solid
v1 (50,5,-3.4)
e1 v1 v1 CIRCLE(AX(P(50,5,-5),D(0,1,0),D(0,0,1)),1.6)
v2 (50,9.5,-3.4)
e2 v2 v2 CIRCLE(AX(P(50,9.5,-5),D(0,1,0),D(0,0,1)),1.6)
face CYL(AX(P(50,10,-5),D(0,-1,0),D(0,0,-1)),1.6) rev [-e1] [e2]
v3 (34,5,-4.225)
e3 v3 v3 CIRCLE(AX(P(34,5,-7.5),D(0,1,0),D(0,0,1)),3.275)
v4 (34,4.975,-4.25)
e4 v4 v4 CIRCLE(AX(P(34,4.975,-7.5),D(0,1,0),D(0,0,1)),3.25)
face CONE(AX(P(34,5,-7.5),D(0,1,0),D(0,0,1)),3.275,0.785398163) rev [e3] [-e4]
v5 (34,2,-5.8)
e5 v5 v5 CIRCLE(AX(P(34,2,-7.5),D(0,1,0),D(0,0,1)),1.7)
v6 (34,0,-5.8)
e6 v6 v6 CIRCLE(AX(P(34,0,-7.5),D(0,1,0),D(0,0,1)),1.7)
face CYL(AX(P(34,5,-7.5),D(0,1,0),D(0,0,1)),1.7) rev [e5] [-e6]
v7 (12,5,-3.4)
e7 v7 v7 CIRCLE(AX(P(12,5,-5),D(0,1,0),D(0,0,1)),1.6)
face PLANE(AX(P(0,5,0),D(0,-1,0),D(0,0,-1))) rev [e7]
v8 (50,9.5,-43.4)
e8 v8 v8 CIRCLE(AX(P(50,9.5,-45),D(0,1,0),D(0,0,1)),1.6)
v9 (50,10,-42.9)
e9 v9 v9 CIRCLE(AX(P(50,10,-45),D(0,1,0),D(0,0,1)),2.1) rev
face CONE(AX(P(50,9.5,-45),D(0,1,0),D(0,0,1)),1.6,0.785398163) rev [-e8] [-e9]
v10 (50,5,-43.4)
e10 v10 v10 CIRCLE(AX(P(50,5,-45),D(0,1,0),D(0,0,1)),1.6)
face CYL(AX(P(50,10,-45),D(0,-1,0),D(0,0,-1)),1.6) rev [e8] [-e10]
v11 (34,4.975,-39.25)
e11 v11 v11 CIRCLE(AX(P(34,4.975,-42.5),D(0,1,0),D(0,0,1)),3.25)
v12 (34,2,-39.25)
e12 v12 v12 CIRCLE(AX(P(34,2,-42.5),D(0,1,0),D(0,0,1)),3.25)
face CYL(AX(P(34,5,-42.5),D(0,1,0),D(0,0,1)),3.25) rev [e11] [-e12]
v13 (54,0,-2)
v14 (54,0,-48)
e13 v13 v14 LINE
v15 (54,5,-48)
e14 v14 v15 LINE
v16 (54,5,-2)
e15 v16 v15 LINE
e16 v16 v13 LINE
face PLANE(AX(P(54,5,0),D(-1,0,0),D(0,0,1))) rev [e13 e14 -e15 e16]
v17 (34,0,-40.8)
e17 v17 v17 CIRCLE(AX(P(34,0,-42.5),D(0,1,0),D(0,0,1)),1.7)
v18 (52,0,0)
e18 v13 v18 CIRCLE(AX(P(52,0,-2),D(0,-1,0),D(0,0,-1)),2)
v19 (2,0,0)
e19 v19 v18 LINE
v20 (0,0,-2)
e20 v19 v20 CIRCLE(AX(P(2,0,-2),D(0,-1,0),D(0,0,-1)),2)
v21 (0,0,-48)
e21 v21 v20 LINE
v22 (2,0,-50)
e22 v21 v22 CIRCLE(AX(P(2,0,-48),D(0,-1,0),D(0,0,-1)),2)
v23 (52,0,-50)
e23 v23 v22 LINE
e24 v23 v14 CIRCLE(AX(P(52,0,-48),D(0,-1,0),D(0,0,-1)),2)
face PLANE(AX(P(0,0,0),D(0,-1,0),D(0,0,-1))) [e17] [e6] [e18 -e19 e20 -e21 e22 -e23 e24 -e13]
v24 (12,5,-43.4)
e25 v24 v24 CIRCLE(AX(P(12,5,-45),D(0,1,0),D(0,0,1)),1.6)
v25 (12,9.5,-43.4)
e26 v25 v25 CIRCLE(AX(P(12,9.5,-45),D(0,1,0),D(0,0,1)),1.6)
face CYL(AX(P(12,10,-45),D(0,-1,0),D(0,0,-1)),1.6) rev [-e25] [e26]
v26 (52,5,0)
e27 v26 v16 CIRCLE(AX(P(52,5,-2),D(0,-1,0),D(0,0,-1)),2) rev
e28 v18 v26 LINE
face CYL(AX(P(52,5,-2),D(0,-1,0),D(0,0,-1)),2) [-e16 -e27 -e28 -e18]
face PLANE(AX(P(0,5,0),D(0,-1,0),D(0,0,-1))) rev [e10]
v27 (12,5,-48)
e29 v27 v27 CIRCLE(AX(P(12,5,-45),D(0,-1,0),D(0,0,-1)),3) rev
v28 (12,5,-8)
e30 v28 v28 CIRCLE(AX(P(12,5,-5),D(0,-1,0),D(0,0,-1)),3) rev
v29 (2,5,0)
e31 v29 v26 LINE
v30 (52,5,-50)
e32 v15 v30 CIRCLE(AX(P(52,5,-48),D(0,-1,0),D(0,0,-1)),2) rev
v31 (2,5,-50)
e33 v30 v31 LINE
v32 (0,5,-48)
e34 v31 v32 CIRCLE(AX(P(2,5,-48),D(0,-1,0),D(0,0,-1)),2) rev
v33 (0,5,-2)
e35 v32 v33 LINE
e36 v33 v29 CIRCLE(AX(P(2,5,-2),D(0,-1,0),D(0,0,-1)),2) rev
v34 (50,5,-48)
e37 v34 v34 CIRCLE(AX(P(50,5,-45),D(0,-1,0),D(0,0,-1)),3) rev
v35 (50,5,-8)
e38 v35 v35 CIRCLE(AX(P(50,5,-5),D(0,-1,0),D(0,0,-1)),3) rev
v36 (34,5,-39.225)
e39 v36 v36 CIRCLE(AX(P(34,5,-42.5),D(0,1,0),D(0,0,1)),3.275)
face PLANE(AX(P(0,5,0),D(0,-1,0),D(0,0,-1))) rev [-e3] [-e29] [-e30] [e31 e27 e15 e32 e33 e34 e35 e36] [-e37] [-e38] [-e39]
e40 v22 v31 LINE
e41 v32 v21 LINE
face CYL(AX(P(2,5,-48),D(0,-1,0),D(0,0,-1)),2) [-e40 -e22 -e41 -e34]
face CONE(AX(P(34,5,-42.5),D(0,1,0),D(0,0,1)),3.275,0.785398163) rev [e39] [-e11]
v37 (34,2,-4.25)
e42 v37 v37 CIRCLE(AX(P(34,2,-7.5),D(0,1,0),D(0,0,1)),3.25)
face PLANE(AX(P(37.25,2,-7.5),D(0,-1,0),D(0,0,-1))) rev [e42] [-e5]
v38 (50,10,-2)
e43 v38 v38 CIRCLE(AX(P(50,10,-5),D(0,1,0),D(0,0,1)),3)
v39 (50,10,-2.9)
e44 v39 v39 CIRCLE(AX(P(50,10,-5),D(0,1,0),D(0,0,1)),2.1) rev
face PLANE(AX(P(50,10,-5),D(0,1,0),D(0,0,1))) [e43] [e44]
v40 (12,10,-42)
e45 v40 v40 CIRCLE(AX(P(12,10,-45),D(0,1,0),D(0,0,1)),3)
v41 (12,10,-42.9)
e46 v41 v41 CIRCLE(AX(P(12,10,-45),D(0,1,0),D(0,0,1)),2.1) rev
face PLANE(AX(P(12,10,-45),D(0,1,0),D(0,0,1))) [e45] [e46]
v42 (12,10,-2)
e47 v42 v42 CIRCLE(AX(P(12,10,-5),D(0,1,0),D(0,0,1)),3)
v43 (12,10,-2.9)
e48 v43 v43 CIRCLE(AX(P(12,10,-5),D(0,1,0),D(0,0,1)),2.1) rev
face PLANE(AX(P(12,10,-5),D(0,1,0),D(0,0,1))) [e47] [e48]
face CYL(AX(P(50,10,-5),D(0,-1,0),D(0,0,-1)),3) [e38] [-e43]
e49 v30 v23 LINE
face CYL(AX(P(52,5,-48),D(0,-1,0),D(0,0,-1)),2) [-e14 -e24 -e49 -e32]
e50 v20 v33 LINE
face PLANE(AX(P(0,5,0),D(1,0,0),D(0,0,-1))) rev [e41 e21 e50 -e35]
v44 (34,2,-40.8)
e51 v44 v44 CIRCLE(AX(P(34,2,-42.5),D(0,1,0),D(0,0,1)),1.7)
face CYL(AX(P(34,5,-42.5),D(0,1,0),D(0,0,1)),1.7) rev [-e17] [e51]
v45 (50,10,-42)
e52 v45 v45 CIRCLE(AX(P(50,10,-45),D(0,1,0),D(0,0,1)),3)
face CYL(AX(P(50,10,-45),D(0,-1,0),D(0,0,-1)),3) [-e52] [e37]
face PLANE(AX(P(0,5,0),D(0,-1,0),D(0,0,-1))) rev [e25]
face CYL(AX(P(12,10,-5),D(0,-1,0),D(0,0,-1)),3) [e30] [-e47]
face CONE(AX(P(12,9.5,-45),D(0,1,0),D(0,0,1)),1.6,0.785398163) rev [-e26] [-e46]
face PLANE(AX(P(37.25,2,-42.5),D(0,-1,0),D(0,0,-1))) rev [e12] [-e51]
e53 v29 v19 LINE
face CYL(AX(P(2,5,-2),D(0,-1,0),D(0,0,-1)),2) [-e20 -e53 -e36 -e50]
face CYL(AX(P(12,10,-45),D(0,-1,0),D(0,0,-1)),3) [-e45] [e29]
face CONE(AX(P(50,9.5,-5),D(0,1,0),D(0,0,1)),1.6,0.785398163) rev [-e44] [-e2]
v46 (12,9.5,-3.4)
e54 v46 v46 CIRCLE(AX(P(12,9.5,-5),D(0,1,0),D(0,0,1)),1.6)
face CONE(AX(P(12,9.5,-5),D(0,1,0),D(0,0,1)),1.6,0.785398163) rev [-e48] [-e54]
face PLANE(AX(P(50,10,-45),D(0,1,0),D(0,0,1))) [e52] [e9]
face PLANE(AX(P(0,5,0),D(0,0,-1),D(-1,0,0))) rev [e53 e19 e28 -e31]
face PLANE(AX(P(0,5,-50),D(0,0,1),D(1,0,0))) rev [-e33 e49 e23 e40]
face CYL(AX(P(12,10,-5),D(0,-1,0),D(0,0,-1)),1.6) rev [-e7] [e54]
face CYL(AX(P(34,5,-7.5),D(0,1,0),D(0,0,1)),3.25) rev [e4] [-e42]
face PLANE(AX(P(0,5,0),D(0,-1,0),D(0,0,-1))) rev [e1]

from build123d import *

# Parameters (mm, degrees)
SKETCH1_W                     = 54
SKETCH1_H                     = 50
BOSS_EXTRUDE1_DEPTH           = 5
SKETCH2_R                     = 3
SKETCH2_R_2                   = 1.6
BOSS_EXTRUDE2_DEPTH           = 5
CBORE_FOR_M3_SHCS1_AT_2_COUNT = 2
CBORE_FOR_M3_SHCS1_AT_2_PITCH = 35
CHAMFER1_SIZE                 = 0.5
FILLET1_R                     = 2


with BuildPart() as part:
    # Sketch1 → Boss-Extrude1 (new body)
    with BuildSketch(Plane(origin=(0, 0, 0), x_dir=(1, 0, 0), z_dir=(0, 1, 0))):
        with Locations((27, 25)):
            Rectangle(SKETCH1_W, SKETCH1_H)
    extrude(amount=BOSS_EXTRUDE1_DEPTH)

    # Sketch2 → Boss-Extrude2 (add)
    # profile 1 of 4: a face of its own
    with BuildSketch(Plane(origin=(0, 5, 0), x_dir=(1, 0, 0), z_dir=(0, 1, 0))):
        with Locations(Location((50, 5, 0), (0, 0, 90))):
            Circle(SKETCH2_R)
        with Locations(Location((50, 5, 0), (0, 0, 270))):
            Circle(SKETCH2_R_2, mode=Mode.SUBTRACT)
    # profile 2 of 4: a face of its own
    with BuildSketch(Plane(origin=(0, 5, 0), x_dir=(1, 0, 0), z_dir=(0, 1, 0))):
        with Locations(Location((50, 45, 0), (0, 0, 90))):
            Circle(SKETCH2_R)
        with Locations(Location((50, 45, 0), (0, 0, 270))):
            Circle(SKETCH2_R_2, mode=Mode.SUBTRACT)
    # profile 3 of 4: a face of its own
    with BuildSketch(Plane(origin=(0, 5, 0), x_dir=(1, 0, 0), z_dir=(0, 1, 0))):
        with Locations(Location((12, 45, 0), (0, 0, 90))):
            Circle(SKETCH2_R)
        with Locations(Location((12, 45, 0), (0, 0, 270))):
            Circle(SKETCH2_R_2, mode=Mode.SUBTRACT)
    # profile 4 of 4: a face of its own
    with BuildSketch(Plane(origin=(0, 5, 0), x_dir=(1, 0, 0), z_dir=(0, 1, 0))):
        with Locations(Location((12, 5, 0), (0, 0, 90))):
            Circle(SKETCH2_R)
        with Locations(Location((12, 5, 0), (0, 0, 270))):
            Circle(SKETCH2_R_2, mode=Mode.SUBTRACT)
    extrude(amount=BOSS_EXTRUDE2_DEPTH)

    # Sketch4 → CBORE for M3 SHCS1 (revolve, cut)
    with BuildSketch(Plane(origin=(34, 5, -42.5), x_dir=(0, 0, 1), z_dir=(1, 0, 0))):
        Polygon((0, 0), (0, 5), (1.7, 5), (1.7, 3), (3.25, 3), (3.25, 0.025), (3.275, 0), align=None)
    cbore_for_m3_shcs1 = revolve(axis=Axis((34, 11.35, -42.5), (0, -1, 0)), mode=Mode.SUBTRACT)

    # CBORE for M3 SHCS1 at 2: CBORE for M3 SHCS1 ×2
    with Locations(*[(0, 0, i * CBORE_FOR_M3_SHCS1_AT_2_PITCH) for i in range(1, CBORE_FOR_M3_SHCS1_AT_2_COUNT)]):
        add(cbore_for_m3_shcs1, mode=Mode.SUBTRACT)

    # Chamfer1
    chamfer1_edges = [part.edges().sort_by_distance(p)[0] for p in [
        (12, 10, -6.6),
        (12, 10, -46.6),
        (50, 10, -46.6),
        (50, 10, -6.6),
    ]]
    chamfer(chamfer1_edges, length=CHAMFER1_SIZE)

    # Fillet1
    fillet1_edges = [part.edges().sort_by_distance(p)[0] for p in [
        (0, 2.5, -50),
        (54, 2.5, -50),
        (54, 2.5, 0),
        (0, 2.5, 0),
    ]]
    fillet(fillet1_edges, radius=FILLET1_R)


solid = part.part
